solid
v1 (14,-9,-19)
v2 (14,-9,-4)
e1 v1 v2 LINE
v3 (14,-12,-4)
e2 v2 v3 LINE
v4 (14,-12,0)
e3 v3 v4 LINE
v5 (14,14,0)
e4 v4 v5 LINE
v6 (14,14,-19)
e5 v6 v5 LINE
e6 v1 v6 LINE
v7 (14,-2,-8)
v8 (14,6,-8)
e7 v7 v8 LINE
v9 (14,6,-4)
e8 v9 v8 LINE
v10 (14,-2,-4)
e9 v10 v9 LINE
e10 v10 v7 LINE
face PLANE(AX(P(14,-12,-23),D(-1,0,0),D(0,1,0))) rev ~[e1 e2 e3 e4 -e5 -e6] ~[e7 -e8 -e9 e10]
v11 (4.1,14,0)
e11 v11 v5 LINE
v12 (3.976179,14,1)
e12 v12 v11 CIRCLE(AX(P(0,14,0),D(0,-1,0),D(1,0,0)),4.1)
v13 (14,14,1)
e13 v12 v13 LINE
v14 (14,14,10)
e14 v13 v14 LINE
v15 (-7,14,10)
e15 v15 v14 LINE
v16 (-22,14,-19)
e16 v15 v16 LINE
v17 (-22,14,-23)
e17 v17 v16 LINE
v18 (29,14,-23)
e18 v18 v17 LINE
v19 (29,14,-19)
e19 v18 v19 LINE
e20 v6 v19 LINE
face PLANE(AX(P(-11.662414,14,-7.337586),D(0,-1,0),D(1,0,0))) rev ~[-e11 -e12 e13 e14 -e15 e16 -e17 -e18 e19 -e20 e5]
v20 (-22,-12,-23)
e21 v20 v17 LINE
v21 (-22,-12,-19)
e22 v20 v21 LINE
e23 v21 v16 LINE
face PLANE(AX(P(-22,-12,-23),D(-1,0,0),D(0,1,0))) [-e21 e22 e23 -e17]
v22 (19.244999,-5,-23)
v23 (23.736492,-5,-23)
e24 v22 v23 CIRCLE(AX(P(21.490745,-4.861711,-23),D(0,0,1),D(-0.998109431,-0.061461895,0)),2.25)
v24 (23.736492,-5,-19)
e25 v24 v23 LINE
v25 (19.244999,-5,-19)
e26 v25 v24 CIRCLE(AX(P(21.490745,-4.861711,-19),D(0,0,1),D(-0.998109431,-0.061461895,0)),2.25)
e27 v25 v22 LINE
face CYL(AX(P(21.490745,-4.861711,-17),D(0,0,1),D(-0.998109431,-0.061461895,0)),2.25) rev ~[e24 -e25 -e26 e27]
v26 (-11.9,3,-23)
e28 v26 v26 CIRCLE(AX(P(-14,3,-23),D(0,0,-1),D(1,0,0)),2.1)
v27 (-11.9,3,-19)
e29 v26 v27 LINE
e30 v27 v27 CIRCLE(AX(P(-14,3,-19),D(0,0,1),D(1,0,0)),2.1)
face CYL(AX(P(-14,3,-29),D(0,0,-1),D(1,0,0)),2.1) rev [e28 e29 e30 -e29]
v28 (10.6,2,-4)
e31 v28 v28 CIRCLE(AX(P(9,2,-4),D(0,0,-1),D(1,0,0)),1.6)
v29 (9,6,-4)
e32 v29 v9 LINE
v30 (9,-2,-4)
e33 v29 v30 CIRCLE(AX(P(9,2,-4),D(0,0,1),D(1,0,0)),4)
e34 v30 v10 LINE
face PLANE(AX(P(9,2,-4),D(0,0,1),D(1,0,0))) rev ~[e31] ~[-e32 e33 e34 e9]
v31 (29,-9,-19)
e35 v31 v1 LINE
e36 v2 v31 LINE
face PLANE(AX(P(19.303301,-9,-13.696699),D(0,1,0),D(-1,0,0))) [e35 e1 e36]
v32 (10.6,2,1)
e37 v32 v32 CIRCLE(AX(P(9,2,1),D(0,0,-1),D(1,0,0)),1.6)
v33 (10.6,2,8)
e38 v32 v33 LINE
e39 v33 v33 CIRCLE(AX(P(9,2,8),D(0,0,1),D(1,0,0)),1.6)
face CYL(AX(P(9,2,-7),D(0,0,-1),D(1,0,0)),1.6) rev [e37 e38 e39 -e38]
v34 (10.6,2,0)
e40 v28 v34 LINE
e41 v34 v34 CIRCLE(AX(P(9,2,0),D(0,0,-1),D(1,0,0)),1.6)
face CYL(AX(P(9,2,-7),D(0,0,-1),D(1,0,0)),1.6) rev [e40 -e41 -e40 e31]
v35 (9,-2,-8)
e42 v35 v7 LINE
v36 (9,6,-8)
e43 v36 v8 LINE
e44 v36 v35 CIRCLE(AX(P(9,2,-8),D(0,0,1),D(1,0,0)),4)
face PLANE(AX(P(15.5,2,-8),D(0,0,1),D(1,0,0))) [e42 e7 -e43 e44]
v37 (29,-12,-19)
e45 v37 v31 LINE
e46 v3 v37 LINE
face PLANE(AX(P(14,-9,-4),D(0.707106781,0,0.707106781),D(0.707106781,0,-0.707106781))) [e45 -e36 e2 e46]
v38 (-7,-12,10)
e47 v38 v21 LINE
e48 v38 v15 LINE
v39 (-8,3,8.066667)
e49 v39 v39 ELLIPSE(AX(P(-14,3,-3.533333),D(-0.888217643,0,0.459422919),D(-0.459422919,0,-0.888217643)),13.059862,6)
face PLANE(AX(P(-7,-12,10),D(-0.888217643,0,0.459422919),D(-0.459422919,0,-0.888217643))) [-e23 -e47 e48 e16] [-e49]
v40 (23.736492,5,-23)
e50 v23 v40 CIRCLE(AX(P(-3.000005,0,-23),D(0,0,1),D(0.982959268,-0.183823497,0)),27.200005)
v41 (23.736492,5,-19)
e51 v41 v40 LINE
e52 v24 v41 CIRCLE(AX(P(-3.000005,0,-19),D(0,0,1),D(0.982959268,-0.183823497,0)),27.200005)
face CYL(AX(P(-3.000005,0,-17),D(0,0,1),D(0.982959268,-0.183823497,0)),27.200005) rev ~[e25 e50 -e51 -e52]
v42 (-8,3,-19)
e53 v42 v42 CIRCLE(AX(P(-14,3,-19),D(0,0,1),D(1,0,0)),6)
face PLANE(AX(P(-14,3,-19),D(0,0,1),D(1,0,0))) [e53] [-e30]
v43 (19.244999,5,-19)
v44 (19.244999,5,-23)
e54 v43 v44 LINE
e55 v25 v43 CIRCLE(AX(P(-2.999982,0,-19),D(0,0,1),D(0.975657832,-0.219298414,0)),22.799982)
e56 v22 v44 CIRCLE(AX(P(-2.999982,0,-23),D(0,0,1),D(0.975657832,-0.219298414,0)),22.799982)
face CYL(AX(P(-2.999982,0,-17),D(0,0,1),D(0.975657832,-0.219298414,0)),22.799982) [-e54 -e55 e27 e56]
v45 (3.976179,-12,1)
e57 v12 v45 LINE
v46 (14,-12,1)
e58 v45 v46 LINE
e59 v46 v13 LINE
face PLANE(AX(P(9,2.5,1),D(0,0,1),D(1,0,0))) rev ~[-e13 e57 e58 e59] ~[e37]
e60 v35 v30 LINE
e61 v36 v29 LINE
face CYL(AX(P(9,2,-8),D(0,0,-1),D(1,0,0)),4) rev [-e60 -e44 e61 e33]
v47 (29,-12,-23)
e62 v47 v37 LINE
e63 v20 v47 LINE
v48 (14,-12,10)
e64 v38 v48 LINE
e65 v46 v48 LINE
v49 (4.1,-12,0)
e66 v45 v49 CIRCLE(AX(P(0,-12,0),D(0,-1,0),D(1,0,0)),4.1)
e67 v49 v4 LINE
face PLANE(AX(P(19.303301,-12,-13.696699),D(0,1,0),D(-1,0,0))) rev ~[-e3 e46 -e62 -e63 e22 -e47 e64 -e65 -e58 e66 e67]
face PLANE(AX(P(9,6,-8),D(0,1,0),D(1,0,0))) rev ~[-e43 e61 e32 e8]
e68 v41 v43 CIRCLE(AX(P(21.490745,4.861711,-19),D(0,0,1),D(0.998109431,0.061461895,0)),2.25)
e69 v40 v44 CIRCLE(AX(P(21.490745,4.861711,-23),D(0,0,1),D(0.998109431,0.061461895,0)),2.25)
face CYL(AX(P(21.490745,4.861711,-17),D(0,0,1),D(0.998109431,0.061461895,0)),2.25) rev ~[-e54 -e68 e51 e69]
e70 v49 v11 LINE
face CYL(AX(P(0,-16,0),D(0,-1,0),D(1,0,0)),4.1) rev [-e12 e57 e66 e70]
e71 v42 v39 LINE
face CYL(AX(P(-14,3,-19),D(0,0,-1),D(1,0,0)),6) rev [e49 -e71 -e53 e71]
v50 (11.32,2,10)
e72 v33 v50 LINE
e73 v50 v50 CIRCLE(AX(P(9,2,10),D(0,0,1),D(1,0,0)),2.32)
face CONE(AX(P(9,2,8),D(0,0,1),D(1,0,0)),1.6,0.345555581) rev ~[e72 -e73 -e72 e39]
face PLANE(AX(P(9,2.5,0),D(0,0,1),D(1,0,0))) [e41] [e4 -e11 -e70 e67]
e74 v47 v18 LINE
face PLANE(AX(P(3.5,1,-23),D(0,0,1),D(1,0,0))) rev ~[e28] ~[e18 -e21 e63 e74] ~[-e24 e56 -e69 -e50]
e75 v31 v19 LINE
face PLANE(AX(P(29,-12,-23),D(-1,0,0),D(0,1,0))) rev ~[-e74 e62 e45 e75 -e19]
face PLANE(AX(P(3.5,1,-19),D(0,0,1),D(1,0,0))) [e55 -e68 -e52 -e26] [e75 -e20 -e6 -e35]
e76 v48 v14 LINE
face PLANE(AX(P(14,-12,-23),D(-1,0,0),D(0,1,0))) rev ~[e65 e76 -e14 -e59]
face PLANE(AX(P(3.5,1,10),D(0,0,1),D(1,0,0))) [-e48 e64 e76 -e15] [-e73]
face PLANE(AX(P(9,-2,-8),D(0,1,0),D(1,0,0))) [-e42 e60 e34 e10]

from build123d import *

# Parameters (mm, degrees)
CYLINDER072_R              = 6
CYLINDER072_DEPTH          = 30
CYLINDER071_R              = 2.1
CYLINDER071_DEPTH          = 10
CYLINDER074_R              = 1.6
CYLINDER074_DEPTH          = 15
CYLINDER075_R              = 4
CYLINDER075_DEPTH          = 4
BOX025_W                   = 13
BOX025_H                   = 8
BOX025_DEPTH               = 4
EXTRUDE005_DEPTH           = 3
EXTRUDE005_PLACEMENT_ANGLE = 180
EXTRUDE018_DEPTH           = 10
BOX023_W                   = 51
BOX023_H                   = 26
BOX023_DEPTH               = 4
EXTRUDE017_DEPTH           = 26
CYLINDER073_R              = 4.1
CYLINDER073_DEPTH          = 240
BOX024_W                   = 12
BOX024_H                   = 35
BOX024_DEPTH               = 1
BOX022_W                   = 21
BOX022_H                   = 26
BOX022_DEPTH               = 33


with BuildPart() as cylinder072:
    # Cylinder072 → Cylinder072 (new body)
    with BuildSketch(Plane.XY.offset(10)):
        Circle(CYLINDER072_R)
    extrude(amount=CYLINDER072_DEPTH)


with BuildPart() as fusion032:
    # Cylinder071 → Cylinder071 (new body)
    with BuildSketch(Plane.XY):
        Circle(CYLINDER071_R)
    extrude(amount=CYLINDER071_DEPTH)

    # Fusion032: union Cylinder072
    add(cylinder072.part)


with BuildPart() as fusion032_1:
    # Fusion032 placement: moved
    add(fusion032.part.moved(Location((-14, 12, -29))))


with BuildPart() as cylinder074:
    # Cylinder074 → Cylinder074 (new body)
    with BuildSketch(Plane.XY):
        Circle(CYLINDER074_R)
    extrude(amount=CYLINDER074_DEPTH)


with BuildPart() as fusion009:
    # Cone → Cone (revolve)
    with BuildSketch(Plane(origin=(0, 0, 15), x_dir=(1, 0, 0), z_dir=(0, -1, 0))):
        Polygon((0, 0), (1.6, 0), (2.5, 2.5), (0, 2.5), align=None)
    revolve(axis=Axis((0, 0, 15), (0, 0, 1)))

    # Fusion009: union Cylinder074
    add(cylinder074.part)


with BuildPart() as fusion009_1:
    # Fusion009 placement: moved
    add(fusion009.part.moved(Location((9, 11, -7))))


with BuildPart() as cylinder075:
    # Cylinder075 → Cylinder075 (new body)
    with BuildSketch(Plane(origin=(9, 11, -8), x_dir=(1, 0, 0), z_dir=(0, 0, 1))):
        Circle(CYLINDER075_R)
    extrude(amount=CYLINDER075_DEPTH)


with BuildPart() as fusion010:
    # Box025 → Box025 (new body)
    with BuildSketch(Plane(origin=(9, 7, -8), x_dir=(1, 0, 0), z_dir=(0, 0, 1))):
        with Locations((6.5, 4)):
            Rectangle(BOX025_W, BOX025_H)
    extrude(amount=BOX025_DEPTH)

    # Fusion010: union Cylinder075
    add(cylinder075.part)


with BuildPart() as extrude005:
    # Sketch004 → Extrude005 (new body)
    with BuildSketch(Plane.XZ):
        Polygon((-22, -19), (-7, -19), (-7, -4), align=None)
    extrude(amount=-EXTRUDE005_DEPTH)


with BuildPart() as extrude005_1:
    # Extrude005 placement: moved
    add(extrude005.part.moved(Location((7, 0, 0))).rotate(Axis((7, 0, 0), (0, 0, 1)), EXTRUDE005_PLACEMENT_ANGLE))


with BuildPart() as extrude018:
    # Sketch003 → Extrude018 (new body)
    with BuildSketch(Plane.XY):
        with BuildLine():
            ThreePointArc((35.736492, 10), (36.2, 15), (35.736492, 20))
            ThreePointArc((35.736492, 20), (33.490746, 22.111711), (31.244999, 20))
            ThreePointArc((31.244999, 10), (31.8, 15), (31.244999, 20))
            ThreePointArc((31.244999, 10), (33.490746, 7.888289), (35.736492, 10))
        make_face()
    extrude(amount=-EXTRUDE018_DEPTH)


with BuildPart() as extrude018_1:
    # Extrude018 placement: moved
    add(extrude018.part.moved(Location((-12, -3, -17))))


with BuildPart() as cut017:
    # Box023 → Box023 (new body)
    with BuildSketch(Plane(origin=(-22, 0, -23), x_dir=(1, 0, 0), z_dir=(0, 0, 1))):
        with Locations((25.5, 13)):
            Rectangle(BOX023_W, BOX023_H)
    extrude(amount=BOX023_DEPTH)

    # Cut017: cut Extrude018
    add(extrude018_1.part, mode=Mode.SUBTRACT)


with BuildPart() as cut017_1:
    # Cut017 placement: moved
    add(cut017.part.moved(Location((0, -3, 0))))


with BuildPart() as extrude017:
    # Sketch016 → Extrude017 (new body)
    with BuildSketch(Plane.XZ):
        Polygon((-22, -19), (-7, -19), (-7, 10), align=None)
    extrude(amount=-EXTRUDE017_DEPTH)


with BuildPart() as extrude017_1:
    # Extrude017 placement: moved
    add(extrude017.part.moved(Location((0, -3, 0))))


with BuildPart() as cylinder073:
    # Cylinder073 → Cylinder073 (new body)
    with BuildSketch(Plane(origin=(0, -7, 0), x_dir=(1, 0, 0), z_dir=(0, 1, 0))):
        Circle(CYLINDER073_R)
    extrude(amount=CYLINDER073_DEPTH)


with BuildPart() as box024:
    # Box024 → Box024 (new body)
    with BuildSketch(Plane(origin=(3, -6, 0), x_dir=(1, 0, 0), z_dir=(0, 0, 1))):
        with Locations((6, 17.5)):
            Rectangle(BOX024_W, BOX024_H)
    extrude(amount=BOX024_DEPTH)


with BuildPart() as cut022:
    # Box022 → Box022 (new body)
    with BuildSketch(Plane(origin=(-7, -3, -23), x_dir=(1, 0, 0), z_dir=(0, 0, 1))):
        with Locations((10.5, 13)):
            Rectangle(BOX022_W, BOX022_H)
    extrude(amount=BOX022_DEPTH)

    # Cut018: cut Box024
    add(box024.part, mode=Mode.SUBTRACT)

    # Cut019: cut Cylinder073
    add(cylinder073.part, mode=Mode.SUBTRACT)

    # Fusion031: union Cut017, Extrude017
    add(cut017_1.part)
    add(extrude017_1.part)

    # Fusion011: union Extrude005
    add(extrude005_1.part)

    # Cut020: cut Fusion010
    add(fusion010.part, mode=Mode.SUBTRACT)

    # Cut021: cut Fusion009
    add(fusion009_1.part, mode=Mode.SUBTRACT)

    # Cut022: cut Fusion032
    add(fusion032_1.part, mode=Mode.SUBTRACT)


with BuildPart() as cut022_1:
    # Cut022 placement: moved
    add(cut022.part.moved(Location((0, -9, 0))))


solid = cut022_1.part
